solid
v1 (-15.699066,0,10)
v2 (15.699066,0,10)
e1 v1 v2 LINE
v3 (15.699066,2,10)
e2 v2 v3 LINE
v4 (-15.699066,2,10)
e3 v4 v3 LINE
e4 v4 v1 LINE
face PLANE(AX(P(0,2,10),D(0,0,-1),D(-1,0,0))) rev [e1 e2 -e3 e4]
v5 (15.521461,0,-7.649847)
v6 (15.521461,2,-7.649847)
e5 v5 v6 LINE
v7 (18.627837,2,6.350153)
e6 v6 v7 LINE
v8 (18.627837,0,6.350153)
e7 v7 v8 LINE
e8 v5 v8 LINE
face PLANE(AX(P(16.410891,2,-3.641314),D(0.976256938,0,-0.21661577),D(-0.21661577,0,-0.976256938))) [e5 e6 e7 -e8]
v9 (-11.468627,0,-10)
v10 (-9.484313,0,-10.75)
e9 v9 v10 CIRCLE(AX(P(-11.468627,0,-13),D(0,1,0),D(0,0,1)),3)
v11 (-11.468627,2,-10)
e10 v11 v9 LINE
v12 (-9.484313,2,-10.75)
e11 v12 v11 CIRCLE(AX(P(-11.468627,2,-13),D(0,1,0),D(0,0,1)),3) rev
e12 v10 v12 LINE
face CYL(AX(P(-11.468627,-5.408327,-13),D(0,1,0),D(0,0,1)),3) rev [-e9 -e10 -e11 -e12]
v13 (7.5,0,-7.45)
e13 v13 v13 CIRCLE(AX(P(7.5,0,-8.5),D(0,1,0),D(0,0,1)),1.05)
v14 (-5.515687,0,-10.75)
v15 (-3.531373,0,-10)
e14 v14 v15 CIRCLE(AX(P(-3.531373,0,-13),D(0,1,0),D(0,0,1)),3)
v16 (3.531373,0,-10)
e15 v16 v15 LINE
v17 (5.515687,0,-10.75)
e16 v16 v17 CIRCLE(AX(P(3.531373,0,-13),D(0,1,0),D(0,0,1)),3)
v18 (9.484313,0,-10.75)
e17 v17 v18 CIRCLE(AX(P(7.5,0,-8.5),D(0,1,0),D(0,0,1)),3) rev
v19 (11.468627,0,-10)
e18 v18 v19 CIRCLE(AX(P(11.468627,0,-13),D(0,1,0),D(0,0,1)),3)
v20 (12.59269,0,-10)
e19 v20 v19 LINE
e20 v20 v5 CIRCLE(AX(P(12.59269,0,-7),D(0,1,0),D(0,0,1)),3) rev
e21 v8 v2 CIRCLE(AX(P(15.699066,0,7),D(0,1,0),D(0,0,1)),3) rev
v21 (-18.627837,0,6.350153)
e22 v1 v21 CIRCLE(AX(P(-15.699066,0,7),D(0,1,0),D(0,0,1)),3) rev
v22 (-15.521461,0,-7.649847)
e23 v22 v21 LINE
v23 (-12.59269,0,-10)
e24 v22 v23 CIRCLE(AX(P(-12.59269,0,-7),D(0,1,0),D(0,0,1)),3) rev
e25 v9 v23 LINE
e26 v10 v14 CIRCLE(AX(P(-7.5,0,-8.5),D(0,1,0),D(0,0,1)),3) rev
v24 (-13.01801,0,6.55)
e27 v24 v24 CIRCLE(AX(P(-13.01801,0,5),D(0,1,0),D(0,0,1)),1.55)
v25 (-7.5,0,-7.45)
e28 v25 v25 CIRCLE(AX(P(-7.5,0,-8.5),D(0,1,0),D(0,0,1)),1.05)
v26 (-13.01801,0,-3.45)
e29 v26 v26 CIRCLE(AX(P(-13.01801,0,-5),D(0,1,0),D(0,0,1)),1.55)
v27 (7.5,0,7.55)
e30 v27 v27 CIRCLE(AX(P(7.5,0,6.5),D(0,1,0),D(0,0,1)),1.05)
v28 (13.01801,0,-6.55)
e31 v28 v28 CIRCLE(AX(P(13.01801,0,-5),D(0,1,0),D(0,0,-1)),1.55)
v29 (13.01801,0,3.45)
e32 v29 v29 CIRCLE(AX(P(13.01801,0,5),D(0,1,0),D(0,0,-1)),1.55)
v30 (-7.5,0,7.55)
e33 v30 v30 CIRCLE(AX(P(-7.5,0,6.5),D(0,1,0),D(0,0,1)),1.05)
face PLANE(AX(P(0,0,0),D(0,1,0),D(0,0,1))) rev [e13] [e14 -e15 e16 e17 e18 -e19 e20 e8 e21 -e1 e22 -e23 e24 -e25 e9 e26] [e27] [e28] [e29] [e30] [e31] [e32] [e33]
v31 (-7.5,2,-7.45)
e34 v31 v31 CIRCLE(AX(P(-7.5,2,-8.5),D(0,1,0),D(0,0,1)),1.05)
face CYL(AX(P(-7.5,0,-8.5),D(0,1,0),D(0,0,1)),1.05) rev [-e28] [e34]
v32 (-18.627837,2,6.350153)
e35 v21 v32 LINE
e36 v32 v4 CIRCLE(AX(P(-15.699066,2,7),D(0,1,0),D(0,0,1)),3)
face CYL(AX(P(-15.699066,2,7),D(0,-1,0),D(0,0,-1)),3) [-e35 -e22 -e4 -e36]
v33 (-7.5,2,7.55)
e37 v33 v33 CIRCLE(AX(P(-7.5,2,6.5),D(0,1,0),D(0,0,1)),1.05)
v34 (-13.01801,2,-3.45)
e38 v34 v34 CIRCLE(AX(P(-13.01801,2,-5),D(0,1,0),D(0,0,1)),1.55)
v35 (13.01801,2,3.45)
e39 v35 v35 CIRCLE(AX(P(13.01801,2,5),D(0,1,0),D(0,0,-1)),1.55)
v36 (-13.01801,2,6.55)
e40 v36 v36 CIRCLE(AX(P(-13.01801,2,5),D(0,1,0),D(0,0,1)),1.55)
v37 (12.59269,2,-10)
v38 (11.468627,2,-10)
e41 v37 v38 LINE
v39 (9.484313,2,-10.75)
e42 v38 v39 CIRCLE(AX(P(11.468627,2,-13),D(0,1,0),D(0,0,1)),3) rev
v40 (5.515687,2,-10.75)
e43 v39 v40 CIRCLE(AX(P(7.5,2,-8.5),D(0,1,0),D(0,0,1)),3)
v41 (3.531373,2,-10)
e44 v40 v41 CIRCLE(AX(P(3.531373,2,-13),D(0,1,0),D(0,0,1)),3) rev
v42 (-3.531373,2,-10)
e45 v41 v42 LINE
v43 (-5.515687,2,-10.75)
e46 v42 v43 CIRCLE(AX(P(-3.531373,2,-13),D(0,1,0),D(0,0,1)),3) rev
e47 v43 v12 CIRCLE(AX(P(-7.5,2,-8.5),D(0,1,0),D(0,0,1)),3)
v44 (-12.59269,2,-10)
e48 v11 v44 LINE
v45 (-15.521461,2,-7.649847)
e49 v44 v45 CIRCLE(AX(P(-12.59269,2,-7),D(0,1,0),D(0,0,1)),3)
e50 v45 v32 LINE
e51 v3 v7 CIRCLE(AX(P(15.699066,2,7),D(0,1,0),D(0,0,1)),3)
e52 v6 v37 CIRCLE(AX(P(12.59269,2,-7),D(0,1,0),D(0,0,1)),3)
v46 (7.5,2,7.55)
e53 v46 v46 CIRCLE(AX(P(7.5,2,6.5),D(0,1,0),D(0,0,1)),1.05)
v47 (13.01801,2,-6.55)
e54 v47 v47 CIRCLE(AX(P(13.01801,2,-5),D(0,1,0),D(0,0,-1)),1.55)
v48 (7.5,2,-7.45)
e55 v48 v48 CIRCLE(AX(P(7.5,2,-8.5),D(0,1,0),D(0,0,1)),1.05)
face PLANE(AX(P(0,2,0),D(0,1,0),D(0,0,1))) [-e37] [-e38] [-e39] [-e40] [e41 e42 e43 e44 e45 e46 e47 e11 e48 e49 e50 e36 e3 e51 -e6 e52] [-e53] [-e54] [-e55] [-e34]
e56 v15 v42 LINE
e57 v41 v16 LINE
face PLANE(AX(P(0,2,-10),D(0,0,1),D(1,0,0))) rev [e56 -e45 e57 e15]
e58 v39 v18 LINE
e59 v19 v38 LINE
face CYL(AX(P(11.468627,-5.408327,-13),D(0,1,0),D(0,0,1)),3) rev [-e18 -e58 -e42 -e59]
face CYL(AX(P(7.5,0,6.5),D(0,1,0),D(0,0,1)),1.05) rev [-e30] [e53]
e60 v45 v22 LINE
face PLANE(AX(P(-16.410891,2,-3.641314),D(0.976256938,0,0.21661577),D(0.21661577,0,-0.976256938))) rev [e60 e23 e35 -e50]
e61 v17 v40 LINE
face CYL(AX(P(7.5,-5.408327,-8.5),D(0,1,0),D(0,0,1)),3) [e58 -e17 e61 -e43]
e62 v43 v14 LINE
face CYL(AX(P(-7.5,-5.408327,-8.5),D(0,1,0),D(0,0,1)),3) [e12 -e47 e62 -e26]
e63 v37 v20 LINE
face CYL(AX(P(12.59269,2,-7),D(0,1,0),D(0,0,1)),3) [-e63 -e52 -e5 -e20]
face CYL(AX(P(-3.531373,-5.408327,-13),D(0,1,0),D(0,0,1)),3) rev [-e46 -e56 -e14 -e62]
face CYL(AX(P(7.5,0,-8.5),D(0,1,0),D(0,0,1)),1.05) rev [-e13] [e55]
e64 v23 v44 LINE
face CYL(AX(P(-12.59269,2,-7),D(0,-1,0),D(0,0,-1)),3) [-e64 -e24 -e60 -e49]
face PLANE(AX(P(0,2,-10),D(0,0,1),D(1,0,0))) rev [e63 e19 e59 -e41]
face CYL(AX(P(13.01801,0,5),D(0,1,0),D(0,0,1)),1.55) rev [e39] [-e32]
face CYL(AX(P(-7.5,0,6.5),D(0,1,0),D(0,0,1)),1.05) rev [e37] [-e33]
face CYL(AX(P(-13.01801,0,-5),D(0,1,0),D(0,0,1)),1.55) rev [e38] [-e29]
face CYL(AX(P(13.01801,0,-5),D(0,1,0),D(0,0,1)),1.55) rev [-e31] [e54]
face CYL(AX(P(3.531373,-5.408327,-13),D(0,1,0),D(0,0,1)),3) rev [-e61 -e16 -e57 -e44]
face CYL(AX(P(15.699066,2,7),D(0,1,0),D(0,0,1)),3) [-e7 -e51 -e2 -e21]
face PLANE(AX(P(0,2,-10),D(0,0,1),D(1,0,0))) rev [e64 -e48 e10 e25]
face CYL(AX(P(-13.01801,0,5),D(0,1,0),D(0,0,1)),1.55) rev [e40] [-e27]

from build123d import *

# Parameters (mm, degrees)
EXTRUDE_1_DEPTH     = 2
SKETCH_2_R          = 1.55
CUT_EXTRUDE_1_DEPTH = 22.950475716
SKETCH_3_R          = 1.05
CUT_EXTRUDE_2_DEPTH = 22.950475716
FILLET_2_R          = 3
EXTRUDE_2_DEPTH     = 2
FILLET_4_R          = 3


with BuildPart() as part:
    # 草图1 → 凸台-拉伸1 (new body)
    with BuildSketch(Plane(origin=(0, 0, 0), x_dir=(1, 0, 0), z_dir=(0, 1, 0))):
        Polygon((-19.437679495, -10), (19.437679495, -10), (15, 10), (-15, 10), align=None)
    extrude(amount=EXTRUDE_1_DEPTH)

    # 草图2 → 切除-拉伸1 (cut, through all)
    with BuildSketch(Plane(origin=(0, 2, 0), x_dir=(1, 0, 0), z_dir=(0, 1, 0))):
        with Locations(Location((-13.01801017, 5, 0), (0, 0, 270))):
            Circle(SKETCH_2_R)
        with Locations(Location((-13.01801017, -5, 0), (0, 0, 270))):
            Circle(SKETCH_2_R)
        with Locations(Location((13.01801017, -5, 0), (0, 0, 90))):
            Circle(SKETCH_2_R)
        with Locations(Location((13.01801017, 5, 0), (0, 0, 90))):
            Circle(SKETCH_2_R)
    extrude(amount=-CUT_EXTRUDE_1_DEPTH, mode=Mode.SUBTRACT)

    # 草图3 → 切除-拉伸2 (cut, through all)
    with BuildSketch(Plane(origin=(0, 2, 0), x_dir=(1, 0, 0), z_dir=(0, 1, 0))):
        with Locations(Location((-7.5, 8.5, 0), (0, 0, 270))):
            Circle(SKETCH_3_R)
        with Locations(Location((-7.5, -6.5, 0), (0, 0, 270))):
            Circle(SKETCH_3_R)
        with Locations(Location((7.5, -6.5, 0), (0, 0, 270))):
            Circle(SKETCH_3_R)
        with Locations(Location((7.5, 8.5, 0), (0, 0, 270))):
            Circle(SKETCH_3_R)
    extrude(amount=-CUT_EXTRUDE_2_DEPTH, mode=Mode.SUBTRACT)

    # 圆角2
    fillet_2_edges = [part.edges().sort_by_distance(p)[0] for p in [
        (-15, 1, -10),
        (15, 1, -10),
        (19.437679495, 1, 10),
        (-19.437679495, 1, 10),
    ]]
    fillet(fillet_2_edges, radius=FILLET_2_R)

    # 草图4 → 凸台-拉伸2 (add)
    with BuildSketch(Plane(origin=(0, 2, 0), x_dir=(1, 0, 0), z_dir=(0, 1, 0))):
        with BuildLine():
            ThreePointArc((-4.901923789, 10), (-7.5, 11.5), (-10.098076211, 10))
            Line((-10.098076211, 10), (-4.901923789, 10))
        make_face()
        with BuildLine():
            ThreePointArc((10.098076211, 10), (7.5, 11.5), (4.901923789, 10))
            Line((4.901923789, 10), (10.098076211, 10))
        make_face()
    extrude(amount=-EXTRUDE_2_DEPTH)

    # 圆角4
    fillet_4_edges = [part.edges().sort_by_distance(p)[0] for p in [
        (10.098076211, 1, -10),
        (4.901923789, 1, -10),
        (-4.901923789, 1, -10),
        (-10.098076211, 1, -10),
    ]]
    fillet(fillet_4_edges, radius=FILLET_4_R)


solid = part.part
